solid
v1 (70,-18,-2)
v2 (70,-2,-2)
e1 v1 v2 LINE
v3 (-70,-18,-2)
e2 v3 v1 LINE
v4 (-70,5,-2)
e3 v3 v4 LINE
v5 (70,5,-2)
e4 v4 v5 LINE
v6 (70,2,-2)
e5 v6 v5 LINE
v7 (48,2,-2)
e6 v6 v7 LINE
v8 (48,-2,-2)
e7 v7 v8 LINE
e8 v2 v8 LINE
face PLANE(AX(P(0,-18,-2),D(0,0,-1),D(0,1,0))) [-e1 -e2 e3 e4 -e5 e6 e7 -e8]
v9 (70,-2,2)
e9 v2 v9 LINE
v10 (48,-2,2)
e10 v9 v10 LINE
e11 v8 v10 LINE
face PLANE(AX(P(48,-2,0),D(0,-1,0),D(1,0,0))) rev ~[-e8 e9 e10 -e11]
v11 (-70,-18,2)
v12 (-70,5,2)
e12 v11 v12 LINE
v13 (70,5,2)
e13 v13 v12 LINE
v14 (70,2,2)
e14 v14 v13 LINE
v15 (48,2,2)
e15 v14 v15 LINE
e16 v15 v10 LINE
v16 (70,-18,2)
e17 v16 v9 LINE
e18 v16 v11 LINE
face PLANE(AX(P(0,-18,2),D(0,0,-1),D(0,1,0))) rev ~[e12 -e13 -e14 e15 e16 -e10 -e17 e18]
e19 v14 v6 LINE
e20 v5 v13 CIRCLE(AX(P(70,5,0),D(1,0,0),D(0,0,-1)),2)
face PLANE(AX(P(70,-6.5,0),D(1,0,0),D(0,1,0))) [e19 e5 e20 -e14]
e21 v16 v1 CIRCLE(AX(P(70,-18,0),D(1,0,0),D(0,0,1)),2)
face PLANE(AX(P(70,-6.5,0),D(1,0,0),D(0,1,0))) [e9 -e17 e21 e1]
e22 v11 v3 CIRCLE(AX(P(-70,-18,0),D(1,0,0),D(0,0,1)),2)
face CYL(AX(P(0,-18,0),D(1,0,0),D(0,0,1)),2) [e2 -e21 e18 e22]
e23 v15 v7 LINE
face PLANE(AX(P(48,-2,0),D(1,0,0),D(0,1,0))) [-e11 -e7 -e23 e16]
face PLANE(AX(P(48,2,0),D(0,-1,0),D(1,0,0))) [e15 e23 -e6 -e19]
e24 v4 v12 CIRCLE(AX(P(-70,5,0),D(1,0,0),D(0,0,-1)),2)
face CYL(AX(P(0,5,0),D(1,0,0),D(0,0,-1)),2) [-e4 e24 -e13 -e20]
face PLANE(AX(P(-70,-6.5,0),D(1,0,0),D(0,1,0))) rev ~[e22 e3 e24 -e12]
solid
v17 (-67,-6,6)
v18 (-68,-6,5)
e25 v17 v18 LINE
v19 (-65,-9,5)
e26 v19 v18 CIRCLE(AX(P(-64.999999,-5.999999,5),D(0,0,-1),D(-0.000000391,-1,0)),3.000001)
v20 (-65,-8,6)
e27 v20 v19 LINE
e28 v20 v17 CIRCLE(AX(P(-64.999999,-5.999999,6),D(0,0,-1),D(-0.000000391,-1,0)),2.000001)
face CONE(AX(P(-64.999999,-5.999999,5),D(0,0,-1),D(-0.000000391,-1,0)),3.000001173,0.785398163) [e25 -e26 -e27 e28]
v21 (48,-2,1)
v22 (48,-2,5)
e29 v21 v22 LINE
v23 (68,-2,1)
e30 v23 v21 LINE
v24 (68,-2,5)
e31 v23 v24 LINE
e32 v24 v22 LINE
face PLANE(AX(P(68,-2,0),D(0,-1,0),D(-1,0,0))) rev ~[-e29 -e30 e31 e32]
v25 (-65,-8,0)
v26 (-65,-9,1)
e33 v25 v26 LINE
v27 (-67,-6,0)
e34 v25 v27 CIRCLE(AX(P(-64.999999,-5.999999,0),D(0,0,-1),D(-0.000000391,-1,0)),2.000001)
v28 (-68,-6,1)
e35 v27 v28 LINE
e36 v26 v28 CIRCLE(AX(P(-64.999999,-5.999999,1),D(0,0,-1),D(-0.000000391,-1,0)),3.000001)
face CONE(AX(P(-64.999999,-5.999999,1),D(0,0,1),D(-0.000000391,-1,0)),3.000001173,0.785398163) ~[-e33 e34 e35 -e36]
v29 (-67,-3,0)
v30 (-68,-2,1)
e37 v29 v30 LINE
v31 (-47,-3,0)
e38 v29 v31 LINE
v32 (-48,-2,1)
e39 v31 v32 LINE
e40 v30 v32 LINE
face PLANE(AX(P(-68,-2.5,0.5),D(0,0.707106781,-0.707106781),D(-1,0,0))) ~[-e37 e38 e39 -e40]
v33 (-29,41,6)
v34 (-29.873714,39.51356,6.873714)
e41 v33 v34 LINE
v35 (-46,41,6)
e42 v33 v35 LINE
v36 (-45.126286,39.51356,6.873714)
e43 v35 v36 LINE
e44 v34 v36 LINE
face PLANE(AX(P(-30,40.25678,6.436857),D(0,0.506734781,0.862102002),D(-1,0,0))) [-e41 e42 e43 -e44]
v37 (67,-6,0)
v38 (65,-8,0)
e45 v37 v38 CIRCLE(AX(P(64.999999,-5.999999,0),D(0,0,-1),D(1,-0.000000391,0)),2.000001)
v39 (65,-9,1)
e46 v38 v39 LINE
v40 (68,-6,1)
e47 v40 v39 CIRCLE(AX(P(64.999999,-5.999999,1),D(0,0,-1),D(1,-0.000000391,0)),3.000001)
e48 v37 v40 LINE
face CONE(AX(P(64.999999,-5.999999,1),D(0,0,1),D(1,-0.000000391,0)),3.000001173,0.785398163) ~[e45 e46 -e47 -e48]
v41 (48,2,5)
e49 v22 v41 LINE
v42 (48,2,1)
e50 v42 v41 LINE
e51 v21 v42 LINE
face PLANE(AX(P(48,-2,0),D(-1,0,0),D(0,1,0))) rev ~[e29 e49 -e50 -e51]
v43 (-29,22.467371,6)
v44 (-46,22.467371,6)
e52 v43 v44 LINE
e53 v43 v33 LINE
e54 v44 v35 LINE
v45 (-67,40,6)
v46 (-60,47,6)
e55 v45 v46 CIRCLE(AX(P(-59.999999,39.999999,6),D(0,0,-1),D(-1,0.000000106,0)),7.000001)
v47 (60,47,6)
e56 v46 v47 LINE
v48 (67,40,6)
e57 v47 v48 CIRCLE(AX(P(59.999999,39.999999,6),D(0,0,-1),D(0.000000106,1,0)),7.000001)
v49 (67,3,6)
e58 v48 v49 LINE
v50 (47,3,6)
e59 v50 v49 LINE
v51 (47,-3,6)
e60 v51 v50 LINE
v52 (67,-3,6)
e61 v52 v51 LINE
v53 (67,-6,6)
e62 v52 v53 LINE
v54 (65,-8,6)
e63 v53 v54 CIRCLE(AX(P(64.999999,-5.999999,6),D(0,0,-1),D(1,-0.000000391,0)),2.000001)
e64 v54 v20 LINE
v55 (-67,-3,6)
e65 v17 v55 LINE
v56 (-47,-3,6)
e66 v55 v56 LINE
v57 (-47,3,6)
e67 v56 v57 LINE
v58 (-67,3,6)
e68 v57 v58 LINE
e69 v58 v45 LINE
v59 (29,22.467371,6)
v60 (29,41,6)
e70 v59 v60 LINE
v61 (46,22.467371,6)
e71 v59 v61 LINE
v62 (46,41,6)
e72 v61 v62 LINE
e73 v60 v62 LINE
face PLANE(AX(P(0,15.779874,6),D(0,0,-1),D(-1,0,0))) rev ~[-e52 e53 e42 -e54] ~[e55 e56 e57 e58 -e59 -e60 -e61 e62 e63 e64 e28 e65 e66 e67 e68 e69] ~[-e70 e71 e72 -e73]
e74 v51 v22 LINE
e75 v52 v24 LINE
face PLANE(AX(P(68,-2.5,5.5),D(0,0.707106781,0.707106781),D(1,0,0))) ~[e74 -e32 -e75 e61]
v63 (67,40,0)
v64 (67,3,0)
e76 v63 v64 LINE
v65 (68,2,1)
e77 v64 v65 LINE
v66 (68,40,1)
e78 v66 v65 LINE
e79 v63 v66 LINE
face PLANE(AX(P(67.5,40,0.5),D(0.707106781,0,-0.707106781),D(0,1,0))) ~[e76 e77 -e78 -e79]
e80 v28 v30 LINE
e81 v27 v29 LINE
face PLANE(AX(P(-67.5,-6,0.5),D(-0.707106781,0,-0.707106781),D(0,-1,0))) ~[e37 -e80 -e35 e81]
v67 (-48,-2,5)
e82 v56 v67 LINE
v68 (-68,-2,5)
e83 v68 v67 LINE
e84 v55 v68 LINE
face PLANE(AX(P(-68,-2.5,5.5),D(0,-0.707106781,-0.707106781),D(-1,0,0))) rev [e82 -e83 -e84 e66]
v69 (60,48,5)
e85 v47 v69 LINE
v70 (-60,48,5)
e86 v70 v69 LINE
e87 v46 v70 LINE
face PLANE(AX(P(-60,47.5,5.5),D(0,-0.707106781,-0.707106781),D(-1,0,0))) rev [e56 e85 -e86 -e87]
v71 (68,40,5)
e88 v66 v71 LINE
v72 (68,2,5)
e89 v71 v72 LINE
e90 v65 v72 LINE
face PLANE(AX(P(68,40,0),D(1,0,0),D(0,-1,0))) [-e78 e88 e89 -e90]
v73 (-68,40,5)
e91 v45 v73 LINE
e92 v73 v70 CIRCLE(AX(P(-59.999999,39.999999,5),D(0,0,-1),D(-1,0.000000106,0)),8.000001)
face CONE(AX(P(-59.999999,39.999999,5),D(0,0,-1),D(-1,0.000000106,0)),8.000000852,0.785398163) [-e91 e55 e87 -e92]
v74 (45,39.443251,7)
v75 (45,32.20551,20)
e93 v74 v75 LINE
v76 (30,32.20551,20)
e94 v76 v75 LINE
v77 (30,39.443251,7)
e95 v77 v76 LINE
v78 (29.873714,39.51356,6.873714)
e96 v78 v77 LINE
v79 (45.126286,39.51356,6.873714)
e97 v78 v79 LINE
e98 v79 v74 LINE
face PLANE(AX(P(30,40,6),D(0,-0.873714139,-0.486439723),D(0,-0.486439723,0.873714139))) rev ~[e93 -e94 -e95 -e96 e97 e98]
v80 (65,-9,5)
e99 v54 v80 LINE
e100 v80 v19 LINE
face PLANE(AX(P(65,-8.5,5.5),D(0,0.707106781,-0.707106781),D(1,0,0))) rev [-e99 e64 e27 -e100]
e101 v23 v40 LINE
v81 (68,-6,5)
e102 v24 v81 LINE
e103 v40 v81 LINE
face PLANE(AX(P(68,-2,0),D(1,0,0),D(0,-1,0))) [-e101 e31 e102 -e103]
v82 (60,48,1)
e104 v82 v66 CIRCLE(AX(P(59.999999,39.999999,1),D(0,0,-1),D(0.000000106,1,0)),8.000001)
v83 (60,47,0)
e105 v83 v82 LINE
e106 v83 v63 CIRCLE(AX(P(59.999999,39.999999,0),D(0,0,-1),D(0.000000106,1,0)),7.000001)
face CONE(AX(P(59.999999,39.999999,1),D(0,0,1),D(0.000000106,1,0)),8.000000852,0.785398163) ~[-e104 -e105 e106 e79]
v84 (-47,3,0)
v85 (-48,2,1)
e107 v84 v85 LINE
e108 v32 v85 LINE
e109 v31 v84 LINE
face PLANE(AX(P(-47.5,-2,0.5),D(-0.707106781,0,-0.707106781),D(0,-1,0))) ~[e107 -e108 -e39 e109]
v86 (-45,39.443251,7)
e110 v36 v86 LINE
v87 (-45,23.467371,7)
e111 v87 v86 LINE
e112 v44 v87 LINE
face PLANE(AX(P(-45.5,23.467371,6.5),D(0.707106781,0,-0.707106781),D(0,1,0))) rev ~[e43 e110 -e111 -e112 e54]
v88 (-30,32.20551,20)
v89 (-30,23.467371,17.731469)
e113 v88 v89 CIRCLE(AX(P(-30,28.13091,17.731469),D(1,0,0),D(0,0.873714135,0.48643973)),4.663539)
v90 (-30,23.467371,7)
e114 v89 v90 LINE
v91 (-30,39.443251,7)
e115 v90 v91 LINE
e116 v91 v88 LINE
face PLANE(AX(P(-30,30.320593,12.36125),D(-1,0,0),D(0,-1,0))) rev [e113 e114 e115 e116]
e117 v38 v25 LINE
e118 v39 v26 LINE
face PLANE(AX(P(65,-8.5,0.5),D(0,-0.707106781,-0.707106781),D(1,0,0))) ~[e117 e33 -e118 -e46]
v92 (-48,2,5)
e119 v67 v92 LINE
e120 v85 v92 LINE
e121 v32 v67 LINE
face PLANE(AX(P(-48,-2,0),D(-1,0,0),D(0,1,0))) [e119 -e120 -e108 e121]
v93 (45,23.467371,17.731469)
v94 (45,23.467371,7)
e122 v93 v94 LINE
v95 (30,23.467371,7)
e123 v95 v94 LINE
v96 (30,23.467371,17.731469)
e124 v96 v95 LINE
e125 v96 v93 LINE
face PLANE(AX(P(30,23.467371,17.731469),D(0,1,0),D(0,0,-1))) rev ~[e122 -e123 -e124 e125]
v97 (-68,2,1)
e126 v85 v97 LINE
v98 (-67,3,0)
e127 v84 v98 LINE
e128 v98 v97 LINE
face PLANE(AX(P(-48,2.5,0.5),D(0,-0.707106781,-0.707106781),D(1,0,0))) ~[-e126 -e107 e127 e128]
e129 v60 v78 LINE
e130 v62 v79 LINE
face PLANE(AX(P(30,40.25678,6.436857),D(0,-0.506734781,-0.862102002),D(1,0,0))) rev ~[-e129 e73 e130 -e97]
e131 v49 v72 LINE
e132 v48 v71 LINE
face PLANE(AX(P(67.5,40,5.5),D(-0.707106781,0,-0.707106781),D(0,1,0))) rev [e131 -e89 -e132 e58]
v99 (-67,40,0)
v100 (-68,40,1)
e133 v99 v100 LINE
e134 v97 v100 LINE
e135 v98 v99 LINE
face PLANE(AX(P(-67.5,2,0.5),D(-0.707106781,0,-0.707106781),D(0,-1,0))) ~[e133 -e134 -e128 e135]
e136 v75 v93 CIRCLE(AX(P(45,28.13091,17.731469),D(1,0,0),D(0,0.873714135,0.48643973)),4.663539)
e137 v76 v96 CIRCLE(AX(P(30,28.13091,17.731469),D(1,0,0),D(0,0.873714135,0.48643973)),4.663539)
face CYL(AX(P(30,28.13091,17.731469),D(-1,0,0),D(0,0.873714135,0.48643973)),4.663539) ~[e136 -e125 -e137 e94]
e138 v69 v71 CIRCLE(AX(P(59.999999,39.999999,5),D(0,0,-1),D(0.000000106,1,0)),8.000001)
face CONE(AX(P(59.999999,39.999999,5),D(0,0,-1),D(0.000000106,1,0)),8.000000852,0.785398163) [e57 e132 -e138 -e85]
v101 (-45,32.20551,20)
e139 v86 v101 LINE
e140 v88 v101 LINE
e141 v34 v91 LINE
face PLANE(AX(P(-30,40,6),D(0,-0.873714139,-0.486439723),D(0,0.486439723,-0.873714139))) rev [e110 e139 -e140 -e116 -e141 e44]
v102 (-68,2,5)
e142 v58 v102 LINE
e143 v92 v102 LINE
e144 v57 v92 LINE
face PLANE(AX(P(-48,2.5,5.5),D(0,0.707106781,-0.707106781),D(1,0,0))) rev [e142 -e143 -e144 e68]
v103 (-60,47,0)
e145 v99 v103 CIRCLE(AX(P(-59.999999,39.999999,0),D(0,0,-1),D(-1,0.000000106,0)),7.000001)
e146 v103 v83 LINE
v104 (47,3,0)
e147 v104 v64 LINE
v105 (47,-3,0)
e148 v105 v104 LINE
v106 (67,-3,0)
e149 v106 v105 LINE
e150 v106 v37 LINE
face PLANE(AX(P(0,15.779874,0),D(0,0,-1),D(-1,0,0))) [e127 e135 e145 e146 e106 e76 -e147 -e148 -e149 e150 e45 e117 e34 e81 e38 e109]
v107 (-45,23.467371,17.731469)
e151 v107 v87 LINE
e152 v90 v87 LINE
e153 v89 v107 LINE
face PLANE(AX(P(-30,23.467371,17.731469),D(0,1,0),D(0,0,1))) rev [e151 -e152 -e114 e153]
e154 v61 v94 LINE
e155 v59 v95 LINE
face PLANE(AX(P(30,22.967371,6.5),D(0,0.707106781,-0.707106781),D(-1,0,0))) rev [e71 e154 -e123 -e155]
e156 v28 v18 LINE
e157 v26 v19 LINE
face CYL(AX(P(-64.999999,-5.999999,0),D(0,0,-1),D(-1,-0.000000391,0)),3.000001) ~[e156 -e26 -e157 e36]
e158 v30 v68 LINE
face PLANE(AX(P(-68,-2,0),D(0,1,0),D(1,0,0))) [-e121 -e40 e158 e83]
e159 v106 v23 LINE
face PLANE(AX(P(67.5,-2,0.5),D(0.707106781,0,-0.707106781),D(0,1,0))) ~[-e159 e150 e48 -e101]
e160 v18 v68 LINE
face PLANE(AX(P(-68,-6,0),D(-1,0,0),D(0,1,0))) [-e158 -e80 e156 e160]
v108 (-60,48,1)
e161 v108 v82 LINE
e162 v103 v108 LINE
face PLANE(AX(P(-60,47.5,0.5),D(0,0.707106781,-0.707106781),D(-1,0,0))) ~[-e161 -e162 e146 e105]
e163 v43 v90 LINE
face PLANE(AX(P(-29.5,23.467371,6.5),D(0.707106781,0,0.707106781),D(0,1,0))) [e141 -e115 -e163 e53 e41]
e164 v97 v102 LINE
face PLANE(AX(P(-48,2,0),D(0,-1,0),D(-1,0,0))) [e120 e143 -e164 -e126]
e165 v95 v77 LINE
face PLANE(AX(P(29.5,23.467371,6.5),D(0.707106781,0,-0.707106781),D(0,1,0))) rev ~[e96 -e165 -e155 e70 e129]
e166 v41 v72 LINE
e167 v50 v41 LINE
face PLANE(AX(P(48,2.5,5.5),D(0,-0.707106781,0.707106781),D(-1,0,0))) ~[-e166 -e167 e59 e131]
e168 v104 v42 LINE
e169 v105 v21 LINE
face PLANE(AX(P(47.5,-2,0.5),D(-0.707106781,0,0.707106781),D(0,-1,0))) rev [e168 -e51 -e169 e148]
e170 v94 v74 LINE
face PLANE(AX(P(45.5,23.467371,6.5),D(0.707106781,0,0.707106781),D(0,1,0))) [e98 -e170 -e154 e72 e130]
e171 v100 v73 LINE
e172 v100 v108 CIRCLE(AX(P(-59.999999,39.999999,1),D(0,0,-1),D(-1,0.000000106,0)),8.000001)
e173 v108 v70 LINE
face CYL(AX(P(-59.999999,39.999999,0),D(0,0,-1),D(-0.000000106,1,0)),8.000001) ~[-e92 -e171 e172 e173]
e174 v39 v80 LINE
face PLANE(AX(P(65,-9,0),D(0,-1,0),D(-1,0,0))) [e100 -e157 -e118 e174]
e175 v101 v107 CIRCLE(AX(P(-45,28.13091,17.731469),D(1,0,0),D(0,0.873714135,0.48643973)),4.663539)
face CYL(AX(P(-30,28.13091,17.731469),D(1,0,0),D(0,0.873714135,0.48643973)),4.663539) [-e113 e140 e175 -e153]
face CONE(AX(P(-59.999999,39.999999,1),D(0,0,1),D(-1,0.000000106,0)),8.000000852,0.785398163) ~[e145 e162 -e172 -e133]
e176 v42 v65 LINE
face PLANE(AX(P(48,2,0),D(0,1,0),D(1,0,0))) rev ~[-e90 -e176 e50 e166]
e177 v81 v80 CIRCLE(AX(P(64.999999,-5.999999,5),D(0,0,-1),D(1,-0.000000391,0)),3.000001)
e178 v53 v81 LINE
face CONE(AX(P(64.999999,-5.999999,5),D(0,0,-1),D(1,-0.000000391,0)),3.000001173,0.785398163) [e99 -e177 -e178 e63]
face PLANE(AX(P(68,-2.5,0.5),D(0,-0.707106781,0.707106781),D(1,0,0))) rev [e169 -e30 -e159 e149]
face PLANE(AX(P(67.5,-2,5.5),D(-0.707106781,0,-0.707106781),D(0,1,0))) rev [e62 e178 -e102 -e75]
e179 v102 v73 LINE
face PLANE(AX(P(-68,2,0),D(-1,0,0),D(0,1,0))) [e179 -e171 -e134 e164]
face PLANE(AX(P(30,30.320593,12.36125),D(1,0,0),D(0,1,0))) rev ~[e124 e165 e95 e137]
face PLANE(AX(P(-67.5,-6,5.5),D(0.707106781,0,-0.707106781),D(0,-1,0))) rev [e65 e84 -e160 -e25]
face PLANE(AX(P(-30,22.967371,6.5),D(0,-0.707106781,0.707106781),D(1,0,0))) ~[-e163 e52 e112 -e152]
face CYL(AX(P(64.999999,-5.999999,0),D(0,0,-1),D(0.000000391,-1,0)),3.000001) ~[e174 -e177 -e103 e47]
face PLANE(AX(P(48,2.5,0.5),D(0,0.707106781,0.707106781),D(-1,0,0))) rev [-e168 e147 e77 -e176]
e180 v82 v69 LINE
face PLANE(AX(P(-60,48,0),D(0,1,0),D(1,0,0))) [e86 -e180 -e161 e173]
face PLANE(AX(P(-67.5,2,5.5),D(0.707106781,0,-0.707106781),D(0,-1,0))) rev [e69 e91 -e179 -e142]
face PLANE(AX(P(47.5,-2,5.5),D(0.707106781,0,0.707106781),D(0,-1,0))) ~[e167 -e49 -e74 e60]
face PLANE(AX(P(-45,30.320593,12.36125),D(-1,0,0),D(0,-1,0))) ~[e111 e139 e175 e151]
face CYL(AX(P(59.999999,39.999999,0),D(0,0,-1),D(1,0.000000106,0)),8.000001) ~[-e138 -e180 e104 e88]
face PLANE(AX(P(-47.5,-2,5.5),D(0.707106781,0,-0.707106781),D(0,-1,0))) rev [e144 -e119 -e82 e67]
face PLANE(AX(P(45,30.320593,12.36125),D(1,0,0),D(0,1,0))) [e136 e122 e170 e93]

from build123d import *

# Parameters (mm, degrees)
PAD_DEPTH    = 70
SKETCH001_W  = 22
SKETCH001_H  = 4
POCKET_DEPTH = 4
PAD001_DEPTH = 6
PAD002_DEPTH = 15
CHAMFER_SIZE = 1


with BuildPart() as body:
    # Sketch → Pad (new body, symmetric)
    with BuildSketch(Plane.YZ):
        with BuildLine():
            ThreePointArc((-18, 2), (-20, 0), (-18, -2))
            Line((-18, -2), (5, -2))
            ThreePointArc((5, -2), (7, 0), (5, 2))
            Line((-18, 2), (5, 2))
        make_face()
    extrude(amount=PAD_DEPTH, both=True)

    # Sketch001 → Pocket (cut, symmetric)
    with BuildSketch(Plane.XY):
        with Locations((59, 0)):
            Rectangle(SKETCH001_W, SKETCH001_H)
    extrude(amount=POCKET_DEPTH, both=True, mode=Mode.SUBTRACT)


with BuildPart() as body001:
    # Sketch002 → Pad001 (new body)
    with BuildSketch(Plane.XY):
        with BuildLine():
            Line((-60, 48), (60, 48))
            ThreePointArc((68, 40), (65.656854, 45.656854), (60, 48))
            Line((68, 40), (68, 2))
            Line((48, 2), (68, 2))
            Line((48, -2), (48, 2))
            Line((68, -2), (48, -2))
            Line((68, -2), (68, -6))
            ThreePointArc((65, -9), (67.12132, -8.12132), (68, -6))
            Line((65, -9), (-65, -9))
            ThreePointArc((-68, -6), (-67.12132, -8.12132), (-65, -9))
            Line((-68, -6), (-68, -2))
            Line((-68, -2), (-48, -2))
            Line((-48, -2), (-48, 2))
            Line((-48, 2), (-68, 2))
            Line((-68, 2), (-68, 40))
            ThreePointArc((-60, 48), (-65.656854, 45.656854), (-68, 40))
        make_face()
    extrude(amount=PAD001_DEPTH)

    # Sketch003 → Pad002 (join)
    with BuildSketch(Plane.YZ.offset(30)):
        with BuildLine():
            ThreePointArc((32.20551, 20), (26.959044, 22.245373), (23.467371, 17.731469))
            Line((23.467371, 17.731469), (23.467371, 6))
            Line((23.467371, 6), (40, 6))
            Line((40, 6), (32.20551, 20))
        make_face()
    pad002 = extrude(amount=PAD002_DEPTH)

    # Mirrored: Pad002 across YZ
    add(pad002.mirror(Plane.YZ))

    # Chamfer
    chamfer_edges = [body001.edges().sort_by_distance(p)[0] for p in [
        (-68, -4, 6),
        (-67.12132, -8.12132, 6),
        (-58, -2, 6),
        (0, -9, 6),
        (-48, 0, 6),
        (67.12132, -8.12132, 6),
        (-58, 2, 6),
        (68, -4, 6),
        (-68, 21, 6),
        (58, -2, 6),
        (-65.656854, 45.656854, 6),
        (48, 0, 6),
        (0, 48, 6),
        (58, 2, 6),
        (65.656854, 45.656854, 6),
        (68, 21, 6),
        (37.5, 23.467371, 6),
        (30, 31.733686, 6),
        (45, 31.733686, 6),
        (37.5, 40, 6),
        (-30, 31.733686, 6),
        (-37.5, 40, 6),
        (-45, 31.733686, 6),
        (-37.5, 23.467371, 6),
        (-68, -4, 0),
        (-58, -2, 0),
        (-48, 0, 0),
        (-58, 2, 0),
        (-68, 21, 0),
        (-65.656854, 45.656854, 0),
        (0, 48, 0),
        (65.656854, 45.656854, 0),
        (68, 21, 0),
        (58, 2, 0),
        (48, 0, 0),
        (58, -2, 0),
        (68, -4, 0),
        (67.12132, -8.12132, 0),
        (0, -9, 0),
        (-67.12132, -8.12132, 0),
    ]]
    chamfer(chamfer_edges, length=CHAMFER_SIZE)


solid = Compound([body.part, body001.part])
